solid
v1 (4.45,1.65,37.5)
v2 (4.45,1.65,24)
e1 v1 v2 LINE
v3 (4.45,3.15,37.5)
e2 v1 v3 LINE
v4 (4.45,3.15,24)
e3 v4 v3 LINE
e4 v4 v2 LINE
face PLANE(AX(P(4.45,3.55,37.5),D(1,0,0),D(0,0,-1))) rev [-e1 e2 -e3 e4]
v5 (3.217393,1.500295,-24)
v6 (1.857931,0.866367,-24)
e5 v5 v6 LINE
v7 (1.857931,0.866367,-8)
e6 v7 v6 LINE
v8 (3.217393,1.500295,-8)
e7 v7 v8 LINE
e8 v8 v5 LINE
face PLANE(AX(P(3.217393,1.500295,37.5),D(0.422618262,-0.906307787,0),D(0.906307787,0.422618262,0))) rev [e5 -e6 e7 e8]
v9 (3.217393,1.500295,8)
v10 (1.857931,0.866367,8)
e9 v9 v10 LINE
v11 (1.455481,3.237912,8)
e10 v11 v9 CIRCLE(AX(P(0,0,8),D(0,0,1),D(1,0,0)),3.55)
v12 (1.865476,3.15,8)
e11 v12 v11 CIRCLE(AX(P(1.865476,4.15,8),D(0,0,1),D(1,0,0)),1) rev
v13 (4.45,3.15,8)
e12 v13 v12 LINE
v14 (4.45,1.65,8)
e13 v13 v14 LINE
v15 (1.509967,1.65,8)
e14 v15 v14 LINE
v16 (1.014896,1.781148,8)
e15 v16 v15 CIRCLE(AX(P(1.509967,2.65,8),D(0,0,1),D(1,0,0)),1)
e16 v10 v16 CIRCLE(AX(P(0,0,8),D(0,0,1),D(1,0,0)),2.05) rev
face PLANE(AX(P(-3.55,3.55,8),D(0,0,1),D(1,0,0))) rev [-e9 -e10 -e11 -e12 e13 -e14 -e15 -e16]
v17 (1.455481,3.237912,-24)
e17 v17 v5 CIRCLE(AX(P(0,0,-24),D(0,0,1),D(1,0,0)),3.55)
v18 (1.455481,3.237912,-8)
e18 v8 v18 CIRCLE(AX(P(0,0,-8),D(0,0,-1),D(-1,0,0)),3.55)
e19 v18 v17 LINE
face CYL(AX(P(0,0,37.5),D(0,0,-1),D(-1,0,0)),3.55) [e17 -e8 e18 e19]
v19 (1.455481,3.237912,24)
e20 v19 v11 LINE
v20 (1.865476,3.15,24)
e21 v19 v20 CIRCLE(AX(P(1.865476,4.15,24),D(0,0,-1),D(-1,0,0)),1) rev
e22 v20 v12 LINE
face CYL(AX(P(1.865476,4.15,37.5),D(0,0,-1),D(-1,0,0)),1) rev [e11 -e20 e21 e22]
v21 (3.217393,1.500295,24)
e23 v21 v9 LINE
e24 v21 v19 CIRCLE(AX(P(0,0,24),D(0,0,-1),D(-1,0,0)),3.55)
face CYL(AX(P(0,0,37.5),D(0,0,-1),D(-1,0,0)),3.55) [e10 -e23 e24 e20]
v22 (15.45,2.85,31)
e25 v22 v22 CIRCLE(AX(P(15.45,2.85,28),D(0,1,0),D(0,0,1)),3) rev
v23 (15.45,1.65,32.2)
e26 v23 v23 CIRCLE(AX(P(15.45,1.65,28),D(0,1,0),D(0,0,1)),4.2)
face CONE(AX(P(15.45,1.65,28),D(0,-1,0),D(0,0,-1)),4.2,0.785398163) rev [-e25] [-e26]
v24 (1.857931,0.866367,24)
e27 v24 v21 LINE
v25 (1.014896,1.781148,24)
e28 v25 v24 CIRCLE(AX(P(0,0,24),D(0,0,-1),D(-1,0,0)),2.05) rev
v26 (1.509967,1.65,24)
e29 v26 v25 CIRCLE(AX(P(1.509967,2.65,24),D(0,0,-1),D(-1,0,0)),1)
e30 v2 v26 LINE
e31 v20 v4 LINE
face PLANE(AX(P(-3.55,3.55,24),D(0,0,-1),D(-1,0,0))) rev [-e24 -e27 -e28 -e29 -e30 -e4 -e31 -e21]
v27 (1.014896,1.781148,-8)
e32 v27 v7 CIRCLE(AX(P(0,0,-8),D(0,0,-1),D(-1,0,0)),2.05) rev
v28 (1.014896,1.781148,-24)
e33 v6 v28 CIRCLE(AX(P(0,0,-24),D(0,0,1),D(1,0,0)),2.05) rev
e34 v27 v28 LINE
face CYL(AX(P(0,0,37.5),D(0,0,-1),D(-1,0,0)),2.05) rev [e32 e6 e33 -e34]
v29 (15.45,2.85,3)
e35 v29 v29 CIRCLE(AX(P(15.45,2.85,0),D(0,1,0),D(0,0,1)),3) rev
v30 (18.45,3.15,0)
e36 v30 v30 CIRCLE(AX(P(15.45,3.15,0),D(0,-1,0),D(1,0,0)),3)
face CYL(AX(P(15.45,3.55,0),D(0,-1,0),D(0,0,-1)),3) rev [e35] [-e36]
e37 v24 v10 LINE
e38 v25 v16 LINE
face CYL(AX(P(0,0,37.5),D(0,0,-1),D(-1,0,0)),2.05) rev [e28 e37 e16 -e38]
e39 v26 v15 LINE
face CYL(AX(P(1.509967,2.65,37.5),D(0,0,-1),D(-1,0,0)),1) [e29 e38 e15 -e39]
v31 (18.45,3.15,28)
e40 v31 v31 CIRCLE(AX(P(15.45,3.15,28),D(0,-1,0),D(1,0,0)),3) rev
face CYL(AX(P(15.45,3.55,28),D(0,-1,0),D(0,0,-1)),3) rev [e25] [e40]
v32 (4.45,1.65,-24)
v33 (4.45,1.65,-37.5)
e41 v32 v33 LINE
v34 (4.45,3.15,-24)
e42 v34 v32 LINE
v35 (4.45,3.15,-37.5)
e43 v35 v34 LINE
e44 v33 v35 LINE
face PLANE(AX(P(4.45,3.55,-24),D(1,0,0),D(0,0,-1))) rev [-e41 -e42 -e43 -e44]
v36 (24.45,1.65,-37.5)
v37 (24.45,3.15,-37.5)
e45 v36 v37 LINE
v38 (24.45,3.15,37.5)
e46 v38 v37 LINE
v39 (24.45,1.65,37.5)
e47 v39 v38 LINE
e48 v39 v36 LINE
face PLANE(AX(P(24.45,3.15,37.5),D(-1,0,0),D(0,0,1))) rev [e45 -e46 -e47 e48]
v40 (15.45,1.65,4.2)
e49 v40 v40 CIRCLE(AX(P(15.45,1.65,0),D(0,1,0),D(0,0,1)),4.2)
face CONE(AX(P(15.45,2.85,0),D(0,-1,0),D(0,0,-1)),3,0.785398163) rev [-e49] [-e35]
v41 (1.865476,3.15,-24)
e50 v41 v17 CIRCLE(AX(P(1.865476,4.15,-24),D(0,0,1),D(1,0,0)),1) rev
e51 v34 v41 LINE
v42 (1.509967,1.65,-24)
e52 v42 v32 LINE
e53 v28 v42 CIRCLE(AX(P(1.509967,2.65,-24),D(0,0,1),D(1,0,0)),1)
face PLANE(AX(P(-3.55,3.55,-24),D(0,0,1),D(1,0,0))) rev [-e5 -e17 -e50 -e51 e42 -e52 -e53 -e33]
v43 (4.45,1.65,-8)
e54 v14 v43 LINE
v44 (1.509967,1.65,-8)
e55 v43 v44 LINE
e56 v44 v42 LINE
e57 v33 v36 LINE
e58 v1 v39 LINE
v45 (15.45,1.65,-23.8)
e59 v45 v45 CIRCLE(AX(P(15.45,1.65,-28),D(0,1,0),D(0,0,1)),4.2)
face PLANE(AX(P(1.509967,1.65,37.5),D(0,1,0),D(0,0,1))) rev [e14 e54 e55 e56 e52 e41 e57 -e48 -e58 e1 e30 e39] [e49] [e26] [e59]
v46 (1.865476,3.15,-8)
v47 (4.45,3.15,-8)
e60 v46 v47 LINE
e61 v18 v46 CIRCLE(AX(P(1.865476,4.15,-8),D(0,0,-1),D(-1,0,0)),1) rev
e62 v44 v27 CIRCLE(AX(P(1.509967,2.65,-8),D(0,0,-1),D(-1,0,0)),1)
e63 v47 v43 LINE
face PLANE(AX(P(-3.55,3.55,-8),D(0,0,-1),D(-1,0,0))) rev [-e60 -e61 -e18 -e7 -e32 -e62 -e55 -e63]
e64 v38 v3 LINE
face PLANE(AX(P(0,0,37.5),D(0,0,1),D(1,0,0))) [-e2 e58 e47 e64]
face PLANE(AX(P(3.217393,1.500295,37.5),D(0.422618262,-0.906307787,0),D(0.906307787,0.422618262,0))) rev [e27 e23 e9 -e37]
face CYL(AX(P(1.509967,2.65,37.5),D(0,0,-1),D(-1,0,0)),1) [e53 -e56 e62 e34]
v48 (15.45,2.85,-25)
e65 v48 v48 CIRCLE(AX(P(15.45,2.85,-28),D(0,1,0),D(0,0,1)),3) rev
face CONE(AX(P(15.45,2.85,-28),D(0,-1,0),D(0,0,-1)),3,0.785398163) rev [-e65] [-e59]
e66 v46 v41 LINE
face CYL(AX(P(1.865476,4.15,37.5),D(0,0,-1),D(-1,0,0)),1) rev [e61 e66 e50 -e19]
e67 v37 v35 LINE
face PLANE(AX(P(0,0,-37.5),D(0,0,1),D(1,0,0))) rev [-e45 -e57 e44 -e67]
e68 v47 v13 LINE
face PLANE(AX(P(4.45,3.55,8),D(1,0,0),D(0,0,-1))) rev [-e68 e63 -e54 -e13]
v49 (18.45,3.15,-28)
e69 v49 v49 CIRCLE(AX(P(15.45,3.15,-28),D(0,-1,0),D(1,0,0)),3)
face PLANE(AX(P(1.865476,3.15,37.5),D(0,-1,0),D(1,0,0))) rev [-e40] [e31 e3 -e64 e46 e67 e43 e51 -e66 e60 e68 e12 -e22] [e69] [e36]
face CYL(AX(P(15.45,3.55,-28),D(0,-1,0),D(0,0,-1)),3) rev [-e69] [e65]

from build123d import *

# Parameters (mm, degrees)
BOSS_EXTRUDE1_DEPTH     = 37.5
CUT_EXTRUDE1_DEPTH      = 46.067643604
CUT_EXTRUDE1_DEPTH_BACK = 46.067643604
SKETCH2_W               = 8
SKETCH2_H               = 16
CUT_EXTRUDE2_DEPTH      = 46.067643604
CUT_EXTRUDE2_DEPTH_BACK = 46.067643604
SKETCH3_W               = 8
SKETCH3_H               = 13.5
SKETCH4_R               = 3
CUT_EXTRUDE3_DEPTH      = 46.067643604
LPATTERN1_COUNT         = 2
LPATTERN1_PITCH         = 28
MIRROR1_COPY_1_SKETCH_R = 3
MIRROR1_COPY_1_DEPTH    = 46.067643604
MIRROR1_COPY_2_SKETCH_R = 3
MIRROR1_COPY_2_DEPTH    = 46.067643604
CHAMFER1_SIZE           = 1.2


with BuildPart() as part:
    # Sketch1 → Boss-Extrude1 (new, symmetric)
    with BuildSketch(Plane.XY):
        with BuildLine():
            Line((1.865475811, 3.15), (24.45, 3.15))
            Line((24.45, 3.15), (24.45, 1.65))
            Line((24.45, 1.65), (1.509966887, 1.65))
            ThreePointArc((1.509966887, 1.65), (1.253893127, 1.683342755), (1.014895777, 1.781147541))
            ThreePointArc((1.014895777, 1.781147541), (-1.507477704, -1.389248347), (1.857930963, 0.866367437))
            Line((1.857930963, 0.866367437), (3.217392644, 1.500294829))
            ThreePointArc((3.217392644, 1.500294829), (-2.492742617, -2.527594557), (1.455481127, 3.237912088))
            ThreePointArc((1.455481127, 3.237912088), (1.655818843, 3.172224997), (1.865475811, 3.15))
        make_face()
    extrude(amount=BOSS_EXTRUDE1_DEPTH, both=True)

    # Sketch2 → Cut-Extrude1 (cut, two sides: drawn at the far end of the back side and taken through both)
    with BuildSketch(Plane.XZ.offset(-1.65).offset(-CUT_EXTRUDE1_DEPTH_BACK)):
        with Locations((0.45, 0)):
            Rectangle(SKETCH2_W, SKETCH2_H)
    extrude(amount=CUT_EXTRUDE1_DEPTH + CUT_EXTRUDE1_DEPTH_BACK, mode=Mode.SUBTRACT)

    # Sketch3 → Cut-Extrude2 (cut, two sides: drawn at the far end of the back side and taken through both)
    with BuildSketch(Plane.XZ.offset(-1.65).offset(-CUT_EXTRUDE2_DEPTH_BACK)):
        with Locations((0.45, 30.75)):
            Rectangle(SKETCH3_W, SKETCH3_H)
        with Locations((0.45, -30.75)):
            Rectangle(SKETCH3_W, SKETCH3_H)
    extrude(amount=CUT_EXTRUDE2_DEPTH + CUT_EXTRUDE2_DEPTH_BACK, mode=Mode.SUBTRACT)

    # Sketch4 → Cut-Extrude3 (cut, through all)
    with BuildSketch(Plane.XZ.offset(-1.65)):
        with Locations(Location((15.45, 0, 0), (0, 0, 270))):
            Circle(SKETCH4_R)
    cut_extrude3 = extrude(amount=-CUT_EXTRUDE3_DEPTH, mode=Mode.SUBTRACT)

    # LPattern1: Cut-Extrude3 ×2
    with Locations(*[(0, 0, -i * LPATTERN1_PITCH) for i in range(1, LPATTERN1_COUNT)]):
        add(cut_extrude3, mode=Mode.SUBTRACT)

    # Mirror1 copy 1 sketch → Mirror1 copy 1 (cut, through all)
    with BuildSketch(Plane(origin=(0, 1.65, 28), x_dir=(1, 0, 0), z_dir=(0, -1, 0))):
        with Locations((15.45, 0)):
            Circle(MIRROR1_COPY_1_SKETCH_R)
    extrude(amount=-MIRROR1_COPY_1_DEPTH, mode=Mode.SUBTRACT)

    # Mirror1 copy 2 sketch → Mirror1 copy 2 (cut, through all)
    with BuildSketch(Plane.XZ.offset(-1.65)):
        with Locations((15.45, 0)):
            Circle(MIRROR1_COPY_2_SKETCH_R)
    extrude(amount=-MIRROR1_COPY_2_DEPTH, mode=Mode.SUBTRACT)

    # Chamfer1
    chamfer1_edges = [part.edges().sort_by_distance(p)[0] for p in [
        (15.45, 1.65, 3),
        (15.45, 1.65, -25),
        (12.45, 1.65, 28),
    ]]
    chamfer(chamfer1_edges, length=CHAMFER1_SIZE)


solid = part.part
